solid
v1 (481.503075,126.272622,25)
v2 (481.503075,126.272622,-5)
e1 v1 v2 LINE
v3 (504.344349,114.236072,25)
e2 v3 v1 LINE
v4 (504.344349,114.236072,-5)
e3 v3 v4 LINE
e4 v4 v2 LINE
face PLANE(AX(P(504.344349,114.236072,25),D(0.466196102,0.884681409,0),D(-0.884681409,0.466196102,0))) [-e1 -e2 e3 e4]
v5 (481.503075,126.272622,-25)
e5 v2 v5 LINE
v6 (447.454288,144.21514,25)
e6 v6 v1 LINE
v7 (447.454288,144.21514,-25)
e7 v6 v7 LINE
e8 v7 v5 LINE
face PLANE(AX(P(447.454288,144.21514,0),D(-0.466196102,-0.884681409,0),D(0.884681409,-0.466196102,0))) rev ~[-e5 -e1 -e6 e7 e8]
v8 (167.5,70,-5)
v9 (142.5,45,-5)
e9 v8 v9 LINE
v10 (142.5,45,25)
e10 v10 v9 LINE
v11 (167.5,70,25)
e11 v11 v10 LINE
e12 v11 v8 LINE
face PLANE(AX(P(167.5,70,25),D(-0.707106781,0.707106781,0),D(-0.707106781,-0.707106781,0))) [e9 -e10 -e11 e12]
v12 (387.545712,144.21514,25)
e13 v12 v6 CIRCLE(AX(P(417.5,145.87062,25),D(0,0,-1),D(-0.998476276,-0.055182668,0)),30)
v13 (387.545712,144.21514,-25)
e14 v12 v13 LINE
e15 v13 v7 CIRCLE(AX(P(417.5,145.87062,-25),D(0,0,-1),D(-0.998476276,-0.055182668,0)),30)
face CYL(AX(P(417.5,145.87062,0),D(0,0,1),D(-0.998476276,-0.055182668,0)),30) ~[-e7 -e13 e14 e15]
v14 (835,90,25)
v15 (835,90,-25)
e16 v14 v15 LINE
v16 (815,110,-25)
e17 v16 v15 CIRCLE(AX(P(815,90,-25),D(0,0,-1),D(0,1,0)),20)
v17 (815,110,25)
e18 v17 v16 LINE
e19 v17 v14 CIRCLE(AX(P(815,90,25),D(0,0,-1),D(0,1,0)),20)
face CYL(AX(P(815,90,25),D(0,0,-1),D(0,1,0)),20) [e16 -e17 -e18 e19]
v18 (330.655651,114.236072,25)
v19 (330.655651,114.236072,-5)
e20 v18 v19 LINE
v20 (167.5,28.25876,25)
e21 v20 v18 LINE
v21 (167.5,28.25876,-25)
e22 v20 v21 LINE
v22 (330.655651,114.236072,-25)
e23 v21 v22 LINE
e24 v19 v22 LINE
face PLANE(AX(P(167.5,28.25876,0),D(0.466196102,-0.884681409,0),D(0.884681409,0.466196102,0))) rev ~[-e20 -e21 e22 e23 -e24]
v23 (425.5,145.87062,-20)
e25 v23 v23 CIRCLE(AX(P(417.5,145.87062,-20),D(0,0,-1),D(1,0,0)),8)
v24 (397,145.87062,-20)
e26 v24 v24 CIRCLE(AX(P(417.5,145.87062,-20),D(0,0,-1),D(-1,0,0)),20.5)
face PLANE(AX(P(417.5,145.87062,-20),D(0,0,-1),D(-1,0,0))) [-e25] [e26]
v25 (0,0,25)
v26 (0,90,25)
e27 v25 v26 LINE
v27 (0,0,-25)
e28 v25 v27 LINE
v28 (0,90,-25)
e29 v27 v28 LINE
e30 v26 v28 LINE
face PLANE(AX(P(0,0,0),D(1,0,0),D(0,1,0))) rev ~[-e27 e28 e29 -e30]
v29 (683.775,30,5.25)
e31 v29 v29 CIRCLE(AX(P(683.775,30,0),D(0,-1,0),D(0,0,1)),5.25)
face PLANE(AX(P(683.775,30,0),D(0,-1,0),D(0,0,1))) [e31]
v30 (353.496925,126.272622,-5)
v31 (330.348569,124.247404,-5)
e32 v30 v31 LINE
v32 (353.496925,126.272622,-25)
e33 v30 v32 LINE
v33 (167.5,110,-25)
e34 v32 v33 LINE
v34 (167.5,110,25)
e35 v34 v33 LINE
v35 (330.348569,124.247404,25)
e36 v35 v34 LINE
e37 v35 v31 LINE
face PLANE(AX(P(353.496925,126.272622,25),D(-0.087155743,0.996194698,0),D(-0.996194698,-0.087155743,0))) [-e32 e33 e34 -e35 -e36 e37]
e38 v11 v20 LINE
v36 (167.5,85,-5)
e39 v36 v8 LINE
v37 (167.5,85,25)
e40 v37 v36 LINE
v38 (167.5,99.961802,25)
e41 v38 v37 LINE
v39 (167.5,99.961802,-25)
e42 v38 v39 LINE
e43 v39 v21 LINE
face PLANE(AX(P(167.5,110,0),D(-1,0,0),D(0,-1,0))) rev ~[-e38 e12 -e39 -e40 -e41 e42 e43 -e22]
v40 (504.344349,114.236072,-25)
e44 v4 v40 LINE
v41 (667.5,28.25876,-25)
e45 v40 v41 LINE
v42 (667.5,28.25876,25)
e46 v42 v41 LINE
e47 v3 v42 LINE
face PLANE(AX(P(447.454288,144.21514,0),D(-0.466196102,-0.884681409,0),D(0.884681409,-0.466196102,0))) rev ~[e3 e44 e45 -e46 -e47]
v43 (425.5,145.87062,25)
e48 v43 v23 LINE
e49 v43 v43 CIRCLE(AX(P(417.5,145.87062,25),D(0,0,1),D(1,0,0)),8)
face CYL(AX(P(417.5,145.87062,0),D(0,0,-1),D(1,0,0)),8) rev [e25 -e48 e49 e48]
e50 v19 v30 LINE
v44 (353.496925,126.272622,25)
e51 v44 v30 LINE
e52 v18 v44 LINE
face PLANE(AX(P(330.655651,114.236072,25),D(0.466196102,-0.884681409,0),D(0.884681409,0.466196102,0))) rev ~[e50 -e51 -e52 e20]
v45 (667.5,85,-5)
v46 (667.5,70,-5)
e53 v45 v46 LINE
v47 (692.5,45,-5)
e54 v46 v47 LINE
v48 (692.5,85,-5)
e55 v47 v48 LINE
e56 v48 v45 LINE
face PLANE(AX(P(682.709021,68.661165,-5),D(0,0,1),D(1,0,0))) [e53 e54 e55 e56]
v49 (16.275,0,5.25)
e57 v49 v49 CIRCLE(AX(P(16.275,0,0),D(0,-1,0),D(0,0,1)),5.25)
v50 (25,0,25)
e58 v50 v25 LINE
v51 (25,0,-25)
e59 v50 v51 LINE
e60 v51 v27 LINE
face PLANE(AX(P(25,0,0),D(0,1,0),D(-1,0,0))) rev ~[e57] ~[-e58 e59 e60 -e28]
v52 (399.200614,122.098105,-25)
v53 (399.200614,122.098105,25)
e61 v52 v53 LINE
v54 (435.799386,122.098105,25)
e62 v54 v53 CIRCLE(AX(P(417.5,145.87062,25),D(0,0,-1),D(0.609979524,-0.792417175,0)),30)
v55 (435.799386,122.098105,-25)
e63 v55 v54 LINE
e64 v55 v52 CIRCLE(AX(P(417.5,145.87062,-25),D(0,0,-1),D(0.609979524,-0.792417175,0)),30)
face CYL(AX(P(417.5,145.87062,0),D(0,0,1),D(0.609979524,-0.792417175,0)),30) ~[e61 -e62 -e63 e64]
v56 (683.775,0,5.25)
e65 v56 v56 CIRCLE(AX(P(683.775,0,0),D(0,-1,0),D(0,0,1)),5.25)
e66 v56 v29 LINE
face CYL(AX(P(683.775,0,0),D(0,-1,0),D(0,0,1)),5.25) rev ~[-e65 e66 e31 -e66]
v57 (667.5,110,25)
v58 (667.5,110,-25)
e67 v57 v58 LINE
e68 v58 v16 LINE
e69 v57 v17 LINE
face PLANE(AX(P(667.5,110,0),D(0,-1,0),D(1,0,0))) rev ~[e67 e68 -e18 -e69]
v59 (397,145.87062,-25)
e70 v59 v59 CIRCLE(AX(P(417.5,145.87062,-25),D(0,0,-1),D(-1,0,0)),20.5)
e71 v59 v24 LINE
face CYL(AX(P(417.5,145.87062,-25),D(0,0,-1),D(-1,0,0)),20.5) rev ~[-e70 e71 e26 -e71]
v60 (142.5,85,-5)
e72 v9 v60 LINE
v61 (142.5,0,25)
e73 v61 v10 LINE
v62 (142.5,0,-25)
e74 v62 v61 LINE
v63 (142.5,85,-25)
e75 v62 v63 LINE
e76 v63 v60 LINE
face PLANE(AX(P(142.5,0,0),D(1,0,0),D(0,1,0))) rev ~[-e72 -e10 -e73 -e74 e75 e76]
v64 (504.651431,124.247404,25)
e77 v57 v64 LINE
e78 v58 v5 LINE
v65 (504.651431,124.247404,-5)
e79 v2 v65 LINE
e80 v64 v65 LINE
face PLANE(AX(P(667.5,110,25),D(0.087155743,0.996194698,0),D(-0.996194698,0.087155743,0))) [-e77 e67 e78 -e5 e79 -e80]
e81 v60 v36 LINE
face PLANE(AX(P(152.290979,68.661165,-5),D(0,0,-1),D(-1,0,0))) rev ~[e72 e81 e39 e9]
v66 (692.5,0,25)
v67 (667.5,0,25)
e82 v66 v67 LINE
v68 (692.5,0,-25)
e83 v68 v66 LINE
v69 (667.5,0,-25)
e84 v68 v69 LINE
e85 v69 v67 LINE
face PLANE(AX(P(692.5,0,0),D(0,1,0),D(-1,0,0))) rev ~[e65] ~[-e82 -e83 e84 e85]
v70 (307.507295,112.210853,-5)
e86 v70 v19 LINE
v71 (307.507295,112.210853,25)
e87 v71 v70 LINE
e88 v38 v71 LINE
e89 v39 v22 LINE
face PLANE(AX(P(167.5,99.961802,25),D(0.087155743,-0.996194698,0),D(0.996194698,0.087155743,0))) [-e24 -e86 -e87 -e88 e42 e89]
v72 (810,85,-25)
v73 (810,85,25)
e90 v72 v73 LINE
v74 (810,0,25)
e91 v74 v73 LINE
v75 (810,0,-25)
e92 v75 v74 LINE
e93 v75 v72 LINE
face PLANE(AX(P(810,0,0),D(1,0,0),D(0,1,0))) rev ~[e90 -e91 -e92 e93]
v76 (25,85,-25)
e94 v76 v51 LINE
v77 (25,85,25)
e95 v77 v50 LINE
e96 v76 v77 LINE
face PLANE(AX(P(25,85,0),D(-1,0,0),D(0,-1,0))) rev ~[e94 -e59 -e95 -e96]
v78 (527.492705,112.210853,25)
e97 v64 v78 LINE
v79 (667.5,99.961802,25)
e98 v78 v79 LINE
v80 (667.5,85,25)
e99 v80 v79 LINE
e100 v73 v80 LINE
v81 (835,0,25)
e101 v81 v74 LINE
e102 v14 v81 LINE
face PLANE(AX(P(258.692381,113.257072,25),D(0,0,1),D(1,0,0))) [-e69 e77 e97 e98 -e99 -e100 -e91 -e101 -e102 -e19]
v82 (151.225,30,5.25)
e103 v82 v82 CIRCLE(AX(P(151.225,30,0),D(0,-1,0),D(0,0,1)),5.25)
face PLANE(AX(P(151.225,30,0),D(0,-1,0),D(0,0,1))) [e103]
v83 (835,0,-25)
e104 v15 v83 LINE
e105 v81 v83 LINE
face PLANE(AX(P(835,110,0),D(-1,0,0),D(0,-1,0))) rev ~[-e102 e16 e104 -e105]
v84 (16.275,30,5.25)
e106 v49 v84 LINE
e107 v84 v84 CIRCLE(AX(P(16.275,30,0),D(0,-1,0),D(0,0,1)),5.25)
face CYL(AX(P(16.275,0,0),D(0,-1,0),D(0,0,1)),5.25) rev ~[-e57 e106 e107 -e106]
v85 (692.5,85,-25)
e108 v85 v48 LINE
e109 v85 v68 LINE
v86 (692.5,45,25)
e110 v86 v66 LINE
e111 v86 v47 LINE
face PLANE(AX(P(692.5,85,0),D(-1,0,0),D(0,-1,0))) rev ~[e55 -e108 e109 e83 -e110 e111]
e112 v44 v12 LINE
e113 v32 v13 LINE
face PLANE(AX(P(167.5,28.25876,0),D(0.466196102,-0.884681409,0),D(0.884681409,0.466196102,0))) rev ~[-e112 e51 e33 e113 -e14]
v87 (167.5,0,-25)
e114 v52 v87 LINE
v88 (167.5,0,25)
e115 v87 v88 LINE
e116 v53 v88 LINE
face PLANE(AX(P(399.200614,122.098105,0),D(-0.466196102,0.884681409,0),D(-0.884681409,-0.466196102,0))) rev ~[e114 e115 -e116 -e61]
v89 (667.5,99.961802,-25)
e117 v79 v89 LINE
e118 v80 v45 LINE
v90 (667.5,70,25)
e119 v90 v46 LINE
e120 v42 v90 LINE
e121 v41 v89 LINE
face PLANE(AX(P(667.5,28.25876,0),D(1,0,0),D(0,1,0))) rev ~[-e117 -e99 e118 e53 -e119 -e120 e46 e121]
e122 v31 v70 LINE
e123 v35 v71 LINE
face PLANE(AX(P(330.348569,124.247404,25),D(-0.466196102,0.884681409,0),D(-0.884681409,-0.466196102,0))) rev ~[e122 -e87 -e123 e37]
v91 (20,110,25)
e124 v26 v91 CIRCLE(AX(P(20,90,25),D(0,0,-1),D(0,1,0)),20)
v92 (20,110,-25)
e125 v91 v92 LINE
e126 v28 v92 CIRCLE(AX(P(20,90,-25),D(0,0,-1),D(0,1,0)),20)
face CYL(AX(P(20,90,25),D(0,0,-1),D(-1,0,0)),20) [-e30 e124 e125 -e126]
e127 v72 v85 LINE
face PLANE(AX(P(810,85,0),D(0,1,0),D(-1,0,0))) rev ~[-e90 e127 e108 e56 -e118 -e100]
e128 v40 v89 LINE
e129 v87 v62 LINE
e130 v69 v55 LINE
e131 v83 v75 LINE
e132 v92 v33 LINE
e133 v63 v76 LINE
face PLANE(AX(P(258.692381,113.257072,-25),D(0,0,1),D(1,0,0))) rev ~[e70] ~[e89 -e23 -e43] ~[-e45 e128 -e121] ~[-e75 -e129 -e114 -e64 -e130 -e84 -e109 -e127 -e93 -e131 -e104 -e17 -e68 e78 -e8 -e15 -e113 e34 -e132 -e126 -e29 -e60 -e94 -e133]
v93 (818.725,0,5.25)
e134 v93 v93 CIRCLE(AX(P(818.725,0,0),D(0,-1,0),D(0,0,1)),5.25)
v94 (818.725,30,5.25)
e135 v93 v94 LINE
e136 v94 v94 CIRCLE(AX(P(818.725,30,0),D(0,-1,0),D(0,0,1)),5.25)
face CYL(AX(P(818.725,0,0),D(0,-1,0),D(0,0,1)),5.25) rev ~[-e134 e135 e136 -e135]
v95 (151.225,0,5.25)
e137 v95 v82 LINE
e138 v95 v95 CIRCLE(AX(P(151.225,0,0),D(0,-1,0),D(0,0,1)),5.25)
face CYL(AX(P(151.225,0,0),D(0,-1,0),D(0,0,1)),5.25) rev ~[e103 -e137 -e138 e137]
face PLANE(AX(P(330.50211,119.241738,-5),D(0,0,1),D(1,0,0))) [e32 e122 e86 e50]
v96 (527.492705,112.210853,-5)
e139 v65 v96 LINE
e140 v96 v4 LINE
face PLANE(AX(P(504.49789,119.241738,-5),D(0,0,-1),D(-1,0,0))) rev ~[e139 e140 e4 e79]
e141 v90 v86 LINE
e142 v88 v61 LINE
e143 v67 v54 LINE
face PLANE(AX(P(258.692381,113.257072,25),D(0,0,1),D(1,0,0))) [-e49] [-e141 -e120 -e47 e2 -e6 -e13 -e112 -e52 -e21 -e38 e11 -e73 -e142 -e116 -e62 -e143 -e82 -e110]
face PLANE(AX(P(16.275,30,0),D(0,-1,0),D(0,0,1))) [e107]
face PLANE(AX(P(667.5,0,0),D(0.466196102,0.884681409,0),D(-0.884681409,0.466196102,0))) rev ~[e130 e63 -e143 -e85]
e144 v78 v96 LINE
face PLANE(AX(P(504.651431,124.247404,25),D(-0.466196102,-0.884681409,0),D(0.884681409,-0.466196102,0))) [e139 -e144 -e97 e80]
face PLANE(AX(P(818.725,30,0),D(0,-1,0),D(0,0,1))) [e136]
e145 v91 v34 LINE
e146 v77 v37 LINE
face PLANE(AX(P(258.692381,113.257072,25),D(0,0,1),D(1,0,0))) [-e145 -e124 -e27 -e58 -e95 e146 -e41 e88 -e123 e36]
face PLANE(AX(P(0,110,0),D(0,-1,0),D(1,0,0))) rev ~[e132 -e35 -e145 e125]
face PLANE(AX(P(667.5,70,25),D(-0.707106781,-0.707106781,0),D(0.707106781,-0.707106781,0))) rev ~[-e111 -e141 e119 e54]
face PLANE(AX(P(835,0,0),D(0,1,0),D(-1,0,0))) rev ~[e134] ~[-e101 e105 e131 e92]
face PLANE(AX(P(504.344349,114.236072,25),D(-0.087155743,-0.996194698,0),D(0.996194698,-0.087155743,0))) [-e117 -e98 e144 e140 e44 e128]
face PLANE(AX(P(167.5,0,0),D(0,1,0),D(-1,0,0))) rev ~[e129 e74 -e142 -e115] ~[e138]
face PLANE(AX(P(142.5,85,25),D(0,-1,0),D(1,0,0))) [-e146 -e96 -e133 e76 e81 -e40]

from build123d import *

# Parameters (mm, degrees)
SKETCH1_R           = 8
BOSS_EXTRUDE1_DEPTH = 25
CUT_EXTRUDE1_START  = 85
SKETCH2_R           = 5.25
CUT_EXTRUDE1_DEPTH  = 30
FILLET1_R           = 20
BOSS_EXTRUDE2_DEPTH = 50
CUT_EXTRUDE2_DEPTH  = 30
SKETCH5_R           = 20.5
CUT_EXTRUDE3_DEPTH  = 5


with BuildPart() as part:
    # Sketch1 → Boss-Extrude1 (new, symmetric)
    with BuildSketch(Plane.XY):
        with BuildLine():
            Line((25, 85), (25, 0))
            Line((25, 0), (0, 0))
            Line((0, 0), (0, 110))
            Line((0, 110), (167.5, 110))
            Line((167.5, 110), (167.5, 28.258760447))
            Line((167.5, 28.258760447), (387.545711729, 144.215139733))
            ThreePointArc((387.545711729, 144.215139733), (417.5, 175.870619777), (447.454288271, 144.215139733))
            Line((447.454288271, 144.215139733), (667.5, 28.258760447))
            Line((667.5, 28.258760447), (667.5, 110))
            Line((667.5, 110), (835, 110))
            Line((835, 110), (835, 0))
            Line((835, 0), (810, 0))
            Line((810, 0), (810, 85))
            Line((810, 85), (692.5, 85))
            Line((692.5, 85), (692.5, 0))
            Line((692.5, 0), (667.5, 0))
            Line((667.5, 0), (435.799385732, 122.098104516))
            ThreePointArc((435.799385732, 122.098104516), (417.5, 115.870619777), (399.200614268, 122.098104516))
            Line((399.200614268, 122.098104516), (167.5, 0))
            Line((167.5, 0), (142.5, 0))
            Line((142.5, 0), (142.5, 85))
            Line((142.5, 85), (25, 85))
        make_face()
        with Locations((417.5, 145.870619777)):
            Circle(SKETCH1_R, mode=Mode.SUBTRACT)
    extrude(amount=BOSS_EXTRUDE1_DEPTH, both=True)

    # Sketch2 → Cut-Extrude1 (cut)
    with BuildSketch(Plane.XZ.offset(-85).offset(CUT_EXTRUDE1_START)):
        with Locations(Location((16.275, 0, 0), (0, 0, 90))):
            Circle(SKETCH2_R)
        with Locations(Location((151.225, 0, 0), (0, 0, 90))):
            Circle(SKETCH2_R)
        with Locations(Location((683.775, 0, 0), (0, 0, 90))):
            Circle(SKETCH2_R)
        with Locations(Location((818.725, 0, 0), (0, 0, 90))):
            Circle(SKETCH2_R)
    extrude(amount=-CUT_EXTRUDE1_DEPTH, mode=Mode.SUBTRACT)

    # Fillet1
    fillet1_edges = [part.edges().sort_by_distance(p)[0] for p in [
        (0, 110, 0),
        (835, 110, 0),
    ]]
    fillet(fillet1_edges, radius=FILLET1_R)

    # Sketch3 → Boss-Extrude2 (add)
    with BuildSketch(Plane.XY.offset(25)):
        Polygon((353.496925298, 126.272622414), (167.5, 110), (167.5, 99.961801625), (330.655651498, 114.236071521), align=None)
        Polygon((667.5, 110), (481.503074702, 126.272622414), (504.344348502, 114.236071521), (667.5, 99.961801625), align=None)
    extrude(amount=-BOSS_EXTRUDE2_DEPTH)

    # Sketch4 → Cut-Extrude2 (cut)
    with BuildSketch(Plane.XY.offset(25)):
        Polygon((142.5, 85), (167.5, 85), (167.5, 70), (142.5, 45), align=None)
        Polygon((330.655651498, 114.236071521), (353.496925298, 126.272622414), (330.348569212, 124.247403677), (307.507295412, 112.210852784), align=None)
        Polygon((527.492704588, 112.210852784), (504.344348502, 114.236071521), (481.503074702, 126.272622414), (504.651430788, 124.247403677), align=None)
        Polygon((692.5, 45), (692.5, 85), (667.5, 85), (667.5, 70), align=None)
    extrude(amount=-CUT_EXTRUDE2_DEPTH, mode=Mode.SUBTRACT)

    # Sketch5 → Cut-Extrude3 (cut)
    with BuildSketch(Plane(origin=(0, 0, -25), x_dir=(-1, 0, 0), z_dir=(0, 0, -1))):
        with Locations((-417.5, 145.870619777)):
            Circle(SKETCH5_R)
    extrude(amount=-CUT_EXTRUDE3_DEPTH, mode=Mode.SUBTRACT)


solid = part.part
